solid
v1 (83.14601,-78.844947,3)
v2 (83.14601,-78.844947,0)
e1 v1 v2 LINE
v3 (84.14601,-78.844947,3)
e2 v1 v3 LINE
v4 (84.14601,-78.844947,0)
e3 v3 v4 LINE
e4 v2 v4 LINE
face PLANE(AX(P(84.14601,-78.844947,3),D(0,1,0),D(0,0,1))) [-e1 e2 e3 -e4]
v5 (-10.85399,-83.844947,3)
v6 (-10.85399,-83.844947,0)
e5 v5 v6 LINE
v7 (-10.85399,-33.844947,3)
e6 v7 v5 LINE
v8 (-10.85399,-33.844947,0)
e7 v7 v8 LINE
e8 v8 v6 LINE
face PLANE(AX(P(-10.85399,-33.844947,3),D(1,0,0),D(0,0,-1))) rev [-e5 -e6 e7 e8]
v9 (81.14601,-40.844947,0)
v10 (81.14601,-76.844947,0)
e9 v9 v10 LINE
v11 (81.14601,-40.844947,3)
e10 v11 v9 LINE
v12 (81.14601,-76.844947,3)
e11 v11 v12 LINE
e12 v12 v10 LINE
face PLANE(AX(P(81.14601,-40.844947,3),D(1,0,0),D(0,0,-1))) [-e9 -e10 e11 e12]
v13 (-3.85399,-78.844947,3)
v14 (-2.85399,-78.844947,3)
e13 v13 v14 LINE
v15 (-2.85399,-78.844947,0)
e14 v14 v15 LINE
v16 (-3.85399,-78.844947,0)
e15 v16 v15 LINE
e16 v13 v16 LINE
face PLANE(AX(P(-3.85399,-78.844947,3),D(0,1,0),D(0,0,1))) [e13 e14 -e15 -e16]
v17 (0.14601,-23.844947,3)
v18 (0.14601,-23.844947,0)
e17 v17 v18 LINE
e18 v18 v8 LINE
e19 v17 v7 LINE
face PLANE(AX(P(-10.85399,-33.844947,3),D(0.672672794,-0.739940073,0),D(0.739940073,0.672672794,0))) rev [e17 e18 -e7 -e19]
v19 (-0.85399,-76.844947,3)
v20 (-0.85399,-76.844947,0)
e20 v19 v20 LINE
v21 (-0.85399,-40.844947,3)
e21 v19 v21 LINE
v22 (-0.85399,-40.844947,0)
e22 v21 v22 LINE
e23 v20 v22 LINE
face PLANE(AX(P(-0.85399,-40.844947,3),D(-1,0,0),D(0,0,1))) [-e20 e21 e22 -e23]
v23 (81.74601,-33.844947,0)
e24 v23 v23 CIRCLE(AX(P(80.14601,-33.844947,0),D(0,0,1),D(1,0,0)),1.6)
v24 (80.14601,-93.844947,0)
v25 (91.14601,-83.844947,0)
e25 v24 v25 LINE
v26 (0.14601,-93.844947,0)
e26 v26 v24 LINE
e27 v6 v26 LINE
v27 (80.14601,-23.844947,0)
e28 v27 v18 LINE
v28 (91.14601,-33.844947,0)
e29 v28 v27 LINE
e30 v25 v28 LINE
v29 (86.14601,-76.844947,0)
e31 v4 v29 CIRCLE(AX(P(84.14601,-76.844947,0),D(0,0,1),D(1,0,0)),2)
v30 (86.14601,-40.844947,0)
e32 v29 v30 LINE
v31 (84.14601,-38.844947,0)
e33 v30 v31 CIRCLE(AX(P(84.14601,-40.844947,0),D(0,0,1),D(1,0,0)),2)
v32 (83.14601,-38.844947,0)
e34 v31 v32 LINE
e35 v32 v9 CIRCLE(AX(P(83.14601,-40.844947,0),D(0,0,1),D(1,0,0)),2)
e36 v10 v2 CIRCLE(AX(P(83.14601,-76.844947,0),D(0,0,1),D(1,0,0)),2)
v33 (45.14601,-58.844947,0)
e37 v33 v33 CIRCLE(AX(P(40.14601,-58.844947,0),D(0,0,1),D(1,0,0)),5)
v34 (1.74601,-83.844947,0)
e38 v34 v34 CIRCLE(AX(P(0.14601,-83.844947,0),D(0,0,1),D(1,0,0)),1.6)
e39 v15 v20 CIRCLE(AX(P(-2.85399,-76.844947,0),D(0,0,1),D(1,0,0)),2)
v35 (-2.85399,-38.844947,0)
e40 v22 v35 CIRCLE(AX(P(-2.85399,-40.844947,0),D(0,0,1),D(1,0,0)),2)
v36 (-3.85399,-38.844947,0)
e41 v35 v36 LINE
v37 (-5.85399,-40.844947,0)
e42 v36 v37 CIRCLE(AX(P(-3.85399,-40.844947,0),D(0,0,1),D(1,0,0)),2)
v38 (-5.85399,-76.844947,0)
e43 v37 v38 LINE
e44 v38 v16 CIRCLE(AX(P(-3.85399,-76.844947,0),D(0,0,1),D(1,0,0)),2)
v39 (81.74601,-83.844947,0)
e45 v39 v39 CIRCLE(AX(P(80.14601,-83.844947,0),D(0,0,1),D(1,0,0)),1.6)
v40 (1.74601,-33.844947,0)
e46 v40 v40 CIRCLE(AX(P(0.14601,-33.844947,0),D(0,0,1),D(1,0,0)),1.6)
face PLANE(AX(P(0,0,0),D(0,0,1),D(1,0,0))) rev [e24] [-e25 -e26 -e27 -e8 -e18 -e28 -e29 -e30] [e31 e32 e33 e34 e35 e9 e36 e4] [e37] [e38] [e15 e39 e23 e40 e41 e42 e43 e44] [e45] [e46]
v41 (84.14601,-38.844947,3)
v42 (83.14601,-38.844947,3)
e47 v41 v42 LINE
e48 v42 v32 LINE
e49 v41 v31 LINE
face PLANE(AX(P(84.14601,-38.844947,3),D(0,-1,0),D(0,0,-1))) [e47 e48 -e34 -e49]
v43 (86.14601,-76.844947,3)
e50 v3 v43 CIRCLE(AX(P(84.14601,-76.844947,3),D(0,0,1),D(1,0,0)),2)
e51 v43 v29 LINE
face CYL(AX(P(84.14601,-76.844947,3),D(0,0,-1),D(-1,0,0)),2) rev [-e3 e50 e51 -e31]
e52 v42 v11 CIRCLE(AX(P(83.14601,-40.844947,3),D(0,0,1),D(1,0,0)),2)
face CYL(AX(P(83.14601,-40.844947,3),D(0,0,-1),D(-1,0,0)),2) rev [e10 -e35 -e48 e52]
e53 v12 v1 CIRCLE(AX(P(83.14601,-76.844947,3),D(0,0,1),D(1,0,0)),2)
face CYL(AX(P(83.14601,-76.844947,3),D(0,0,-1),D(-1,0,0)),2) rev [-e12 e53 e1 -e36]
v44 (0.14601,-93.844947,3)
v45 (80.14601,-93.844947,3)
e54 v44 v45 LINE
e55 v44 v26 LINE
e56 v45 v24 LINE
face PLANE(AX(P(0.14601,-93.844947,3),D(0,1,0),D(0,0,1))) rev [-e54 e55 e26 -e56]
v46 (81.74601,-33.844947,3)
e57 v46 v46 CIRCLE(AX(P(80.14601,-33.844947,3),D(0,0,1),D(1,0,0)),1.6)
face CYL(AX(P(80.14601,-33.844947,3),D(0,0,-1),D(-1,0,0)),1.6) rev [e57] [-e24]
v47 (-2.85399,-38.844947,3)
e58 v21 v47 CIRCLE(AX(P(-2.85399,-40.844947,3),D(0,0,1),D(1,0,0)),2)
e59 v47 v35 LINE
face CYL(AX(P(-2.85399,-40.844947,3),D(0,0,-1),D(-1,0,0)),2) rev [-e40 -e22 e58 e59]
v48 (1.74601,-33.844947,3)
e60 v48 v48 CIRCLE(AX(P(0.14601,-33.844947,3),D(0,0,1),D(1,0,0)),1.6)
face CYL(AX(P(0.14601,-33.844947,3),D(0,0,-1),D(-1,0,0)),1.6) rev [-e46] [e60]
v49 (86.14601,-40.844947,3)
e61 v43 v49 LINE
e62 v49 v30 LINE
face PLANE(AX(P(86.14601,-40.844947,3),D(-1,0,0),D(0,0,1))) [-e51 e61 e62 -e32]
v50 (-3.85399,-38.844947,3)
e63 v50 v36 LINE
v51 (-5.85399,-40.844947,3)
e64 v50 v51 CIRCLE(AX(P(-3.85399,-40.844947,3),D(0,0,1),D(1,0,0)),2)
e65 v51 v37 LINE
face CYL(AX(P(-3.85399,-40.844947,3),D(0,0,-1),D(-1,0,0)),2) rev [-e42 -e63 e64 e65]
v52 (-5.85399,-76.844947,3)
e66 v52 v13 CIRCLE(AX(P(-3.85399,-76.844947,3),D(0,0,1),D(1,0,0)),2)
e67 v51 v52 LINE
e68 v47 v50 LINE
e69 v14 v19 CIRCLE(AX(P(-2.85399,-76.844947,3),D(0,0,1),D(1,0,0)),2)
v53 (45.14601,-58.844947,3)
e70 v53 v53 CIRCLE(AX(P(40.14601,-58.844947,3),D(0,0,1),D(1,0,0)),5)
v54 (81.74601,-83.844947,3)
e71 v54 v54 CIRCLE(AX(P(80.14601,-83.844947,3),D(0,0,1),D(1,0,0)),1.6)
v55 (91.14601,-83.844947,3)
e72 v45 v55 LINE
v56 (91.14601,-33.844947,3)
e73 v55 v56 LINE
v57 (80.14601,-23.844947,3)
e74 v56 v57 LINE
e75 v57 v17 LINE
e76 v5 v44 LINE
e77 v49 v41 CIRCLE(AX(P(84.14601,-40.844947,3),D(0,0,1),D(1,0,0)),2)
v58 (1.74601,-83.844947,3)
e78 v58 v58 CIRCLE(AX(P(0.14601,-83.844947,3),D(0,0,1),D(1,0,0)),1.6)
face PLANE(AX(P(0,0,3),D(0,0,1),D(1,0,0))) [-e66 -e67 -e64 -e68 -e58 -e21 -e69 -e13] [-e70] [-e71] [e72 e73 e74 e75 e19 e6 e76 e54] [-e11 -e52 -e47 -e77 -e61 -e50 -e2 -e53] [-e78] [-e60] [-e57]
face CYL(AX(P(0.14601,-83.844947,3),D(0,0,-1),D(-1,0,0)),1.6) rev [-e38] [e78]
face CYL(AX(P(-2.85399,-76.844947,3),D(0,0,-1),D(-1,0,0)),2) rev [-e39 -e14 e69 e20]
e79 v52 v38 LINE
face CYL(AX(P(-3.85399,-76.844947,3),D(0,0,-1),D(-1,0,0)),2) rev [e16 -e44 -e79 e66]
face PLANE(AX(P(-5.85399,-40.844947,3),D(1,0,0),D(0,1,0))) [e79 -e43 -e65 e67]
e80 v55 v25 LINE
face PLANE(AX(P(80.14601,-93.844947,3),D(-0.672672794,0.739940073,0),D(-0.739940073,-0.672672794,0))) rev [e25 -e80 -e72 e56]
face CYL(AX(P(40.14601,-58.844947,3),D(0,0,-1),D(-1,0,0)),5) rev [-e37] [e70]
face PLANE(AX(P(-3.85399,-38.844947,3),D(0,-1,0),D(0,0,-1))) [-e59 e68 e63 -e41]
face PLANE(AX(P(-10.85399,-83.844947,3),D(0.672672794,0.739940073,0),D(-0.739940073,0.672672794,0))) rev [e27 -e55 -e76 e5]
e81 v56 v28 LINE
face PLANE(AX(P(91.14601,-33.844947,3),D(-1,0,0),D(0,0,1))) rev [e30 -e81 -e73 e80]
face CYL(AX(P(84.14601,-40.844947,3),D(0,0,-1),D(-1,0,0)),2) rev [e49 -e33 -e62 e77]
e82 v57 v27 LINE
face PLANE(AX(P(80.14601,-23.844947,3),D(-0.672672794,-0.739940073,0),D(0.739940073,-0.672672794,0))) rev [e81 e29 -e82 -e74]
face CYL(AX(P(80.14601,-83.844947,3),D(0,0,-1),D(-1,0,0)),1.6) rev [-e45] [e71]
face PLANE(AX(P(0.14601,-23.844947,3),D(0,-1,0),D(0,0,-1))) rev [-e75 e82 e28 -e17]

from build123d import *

# Parameters (mm, degrees)
SKETCH1_R           = 1.6
SKETCH1_R_2         = 5
BOSS_EXTRUDE1_DEPTH = 3


with BuildPart() as part:
    # Sketch1 → Boss-Extrude1 (new body)
    with BuildSketch(Plane.XY):
        Polygon((-10.853989547, -33.844947192), (0.146010453, -23.844947192), (80.146010453, -23.844947192), (91.146010453, -33.844947192), (91.146010453, -83.844947192), (80.146010453, -93.844947192), (0.146010453, -93.844947192), (-10.853989547, -83.844947192), align=None)
        with Locations((0.146010453, -33.844947192)):
            Circle(SKETCH1_R, mode=Mode.SUBTRACT)
        with Locations((80.146010453, -33.844947192)):
            Circle(SKETCH1_R, mode=Mode.SUBTRACT)
        with Locations((80.146010453, -83.844947192)):
            Circle(SKETCH1_R, mode=Mode.SUBTRACT)
        with Locations((0.146010453, -83.844947192)):
            Circle(SKETCH1_R, mode=Mode.SUBTRACT)
        with Locations((40.146010453, -58.844947192)):
            Circle(SKETCH1_R_2, mode=Mode.SUBTRACT)
        with BuildLine():
            Line((-3.853989547, -38.844947192), (-2.853989547, -38.844947192))
            ThreePointArc((-2.853989547, -38.844947192), (-1.439775984, -39.430733629), (-0.853989547, -40.844947192))
            Line((-0.853989547, -40.844947192), (-0.853989547, -76.844947192))
            ThreePointArc((-0.853989547, -76.844947192), (-1.439775984, -78.259160754), (-2.853989547, -78.844947192))
            Line((-2.853989547, -78.844947192), (-3.853989547, -78.844947192))
            ThreePointArc((-3.853989547, -78.844947192), (-5.268203109, -78.259160754), (-5.853989547, -76.844947192))
            Line((-5.853989547, -76.844947192), (-5.853989547, -40.844947192))
            ThreePointArc((-5.853989547, -40.844947192), (-5.268203109, -39.430733629), (-3.853989547, -38.844947192))
        make_face(mode=Mode.SUBTRACT)
        with BuildLine():
            Line((84.146010453, -38.844947192), (83.146010453, -38.844947192))
            ThreePointArc((83.146010453, -38.844947192), (81.731796891, -39.430733629), (81.146010453, -40.844947192))
            Line((81.146010453, -40.844947192), (81.146010453, -76.844947192))
            ThreePointArc((81.146010453, -76.844947192), (81.731796891, -78.259160754), (83.146010453, -78.844947192))
            Line((83.146010453, -78.844947192), (84.146010453, -78.844947192))
            ThreePointArc((84.146010453, -78.844947192), (85.560224016, -78.259160754), (86.146010453, -76.844947192))
            Line((86.146010453, -76.844947192), (86.146010453, -40.844947192))
            ThreePointArc((86.146010453, -40.844947192), (85.560224016, -39.430733629), (84.146010453, -38.844947192))
        make_face(mode=Mode.SUBTRACT)
    extrude(amount=BOSS_EXTRUDE1_DEPTH)


solid = part.part
